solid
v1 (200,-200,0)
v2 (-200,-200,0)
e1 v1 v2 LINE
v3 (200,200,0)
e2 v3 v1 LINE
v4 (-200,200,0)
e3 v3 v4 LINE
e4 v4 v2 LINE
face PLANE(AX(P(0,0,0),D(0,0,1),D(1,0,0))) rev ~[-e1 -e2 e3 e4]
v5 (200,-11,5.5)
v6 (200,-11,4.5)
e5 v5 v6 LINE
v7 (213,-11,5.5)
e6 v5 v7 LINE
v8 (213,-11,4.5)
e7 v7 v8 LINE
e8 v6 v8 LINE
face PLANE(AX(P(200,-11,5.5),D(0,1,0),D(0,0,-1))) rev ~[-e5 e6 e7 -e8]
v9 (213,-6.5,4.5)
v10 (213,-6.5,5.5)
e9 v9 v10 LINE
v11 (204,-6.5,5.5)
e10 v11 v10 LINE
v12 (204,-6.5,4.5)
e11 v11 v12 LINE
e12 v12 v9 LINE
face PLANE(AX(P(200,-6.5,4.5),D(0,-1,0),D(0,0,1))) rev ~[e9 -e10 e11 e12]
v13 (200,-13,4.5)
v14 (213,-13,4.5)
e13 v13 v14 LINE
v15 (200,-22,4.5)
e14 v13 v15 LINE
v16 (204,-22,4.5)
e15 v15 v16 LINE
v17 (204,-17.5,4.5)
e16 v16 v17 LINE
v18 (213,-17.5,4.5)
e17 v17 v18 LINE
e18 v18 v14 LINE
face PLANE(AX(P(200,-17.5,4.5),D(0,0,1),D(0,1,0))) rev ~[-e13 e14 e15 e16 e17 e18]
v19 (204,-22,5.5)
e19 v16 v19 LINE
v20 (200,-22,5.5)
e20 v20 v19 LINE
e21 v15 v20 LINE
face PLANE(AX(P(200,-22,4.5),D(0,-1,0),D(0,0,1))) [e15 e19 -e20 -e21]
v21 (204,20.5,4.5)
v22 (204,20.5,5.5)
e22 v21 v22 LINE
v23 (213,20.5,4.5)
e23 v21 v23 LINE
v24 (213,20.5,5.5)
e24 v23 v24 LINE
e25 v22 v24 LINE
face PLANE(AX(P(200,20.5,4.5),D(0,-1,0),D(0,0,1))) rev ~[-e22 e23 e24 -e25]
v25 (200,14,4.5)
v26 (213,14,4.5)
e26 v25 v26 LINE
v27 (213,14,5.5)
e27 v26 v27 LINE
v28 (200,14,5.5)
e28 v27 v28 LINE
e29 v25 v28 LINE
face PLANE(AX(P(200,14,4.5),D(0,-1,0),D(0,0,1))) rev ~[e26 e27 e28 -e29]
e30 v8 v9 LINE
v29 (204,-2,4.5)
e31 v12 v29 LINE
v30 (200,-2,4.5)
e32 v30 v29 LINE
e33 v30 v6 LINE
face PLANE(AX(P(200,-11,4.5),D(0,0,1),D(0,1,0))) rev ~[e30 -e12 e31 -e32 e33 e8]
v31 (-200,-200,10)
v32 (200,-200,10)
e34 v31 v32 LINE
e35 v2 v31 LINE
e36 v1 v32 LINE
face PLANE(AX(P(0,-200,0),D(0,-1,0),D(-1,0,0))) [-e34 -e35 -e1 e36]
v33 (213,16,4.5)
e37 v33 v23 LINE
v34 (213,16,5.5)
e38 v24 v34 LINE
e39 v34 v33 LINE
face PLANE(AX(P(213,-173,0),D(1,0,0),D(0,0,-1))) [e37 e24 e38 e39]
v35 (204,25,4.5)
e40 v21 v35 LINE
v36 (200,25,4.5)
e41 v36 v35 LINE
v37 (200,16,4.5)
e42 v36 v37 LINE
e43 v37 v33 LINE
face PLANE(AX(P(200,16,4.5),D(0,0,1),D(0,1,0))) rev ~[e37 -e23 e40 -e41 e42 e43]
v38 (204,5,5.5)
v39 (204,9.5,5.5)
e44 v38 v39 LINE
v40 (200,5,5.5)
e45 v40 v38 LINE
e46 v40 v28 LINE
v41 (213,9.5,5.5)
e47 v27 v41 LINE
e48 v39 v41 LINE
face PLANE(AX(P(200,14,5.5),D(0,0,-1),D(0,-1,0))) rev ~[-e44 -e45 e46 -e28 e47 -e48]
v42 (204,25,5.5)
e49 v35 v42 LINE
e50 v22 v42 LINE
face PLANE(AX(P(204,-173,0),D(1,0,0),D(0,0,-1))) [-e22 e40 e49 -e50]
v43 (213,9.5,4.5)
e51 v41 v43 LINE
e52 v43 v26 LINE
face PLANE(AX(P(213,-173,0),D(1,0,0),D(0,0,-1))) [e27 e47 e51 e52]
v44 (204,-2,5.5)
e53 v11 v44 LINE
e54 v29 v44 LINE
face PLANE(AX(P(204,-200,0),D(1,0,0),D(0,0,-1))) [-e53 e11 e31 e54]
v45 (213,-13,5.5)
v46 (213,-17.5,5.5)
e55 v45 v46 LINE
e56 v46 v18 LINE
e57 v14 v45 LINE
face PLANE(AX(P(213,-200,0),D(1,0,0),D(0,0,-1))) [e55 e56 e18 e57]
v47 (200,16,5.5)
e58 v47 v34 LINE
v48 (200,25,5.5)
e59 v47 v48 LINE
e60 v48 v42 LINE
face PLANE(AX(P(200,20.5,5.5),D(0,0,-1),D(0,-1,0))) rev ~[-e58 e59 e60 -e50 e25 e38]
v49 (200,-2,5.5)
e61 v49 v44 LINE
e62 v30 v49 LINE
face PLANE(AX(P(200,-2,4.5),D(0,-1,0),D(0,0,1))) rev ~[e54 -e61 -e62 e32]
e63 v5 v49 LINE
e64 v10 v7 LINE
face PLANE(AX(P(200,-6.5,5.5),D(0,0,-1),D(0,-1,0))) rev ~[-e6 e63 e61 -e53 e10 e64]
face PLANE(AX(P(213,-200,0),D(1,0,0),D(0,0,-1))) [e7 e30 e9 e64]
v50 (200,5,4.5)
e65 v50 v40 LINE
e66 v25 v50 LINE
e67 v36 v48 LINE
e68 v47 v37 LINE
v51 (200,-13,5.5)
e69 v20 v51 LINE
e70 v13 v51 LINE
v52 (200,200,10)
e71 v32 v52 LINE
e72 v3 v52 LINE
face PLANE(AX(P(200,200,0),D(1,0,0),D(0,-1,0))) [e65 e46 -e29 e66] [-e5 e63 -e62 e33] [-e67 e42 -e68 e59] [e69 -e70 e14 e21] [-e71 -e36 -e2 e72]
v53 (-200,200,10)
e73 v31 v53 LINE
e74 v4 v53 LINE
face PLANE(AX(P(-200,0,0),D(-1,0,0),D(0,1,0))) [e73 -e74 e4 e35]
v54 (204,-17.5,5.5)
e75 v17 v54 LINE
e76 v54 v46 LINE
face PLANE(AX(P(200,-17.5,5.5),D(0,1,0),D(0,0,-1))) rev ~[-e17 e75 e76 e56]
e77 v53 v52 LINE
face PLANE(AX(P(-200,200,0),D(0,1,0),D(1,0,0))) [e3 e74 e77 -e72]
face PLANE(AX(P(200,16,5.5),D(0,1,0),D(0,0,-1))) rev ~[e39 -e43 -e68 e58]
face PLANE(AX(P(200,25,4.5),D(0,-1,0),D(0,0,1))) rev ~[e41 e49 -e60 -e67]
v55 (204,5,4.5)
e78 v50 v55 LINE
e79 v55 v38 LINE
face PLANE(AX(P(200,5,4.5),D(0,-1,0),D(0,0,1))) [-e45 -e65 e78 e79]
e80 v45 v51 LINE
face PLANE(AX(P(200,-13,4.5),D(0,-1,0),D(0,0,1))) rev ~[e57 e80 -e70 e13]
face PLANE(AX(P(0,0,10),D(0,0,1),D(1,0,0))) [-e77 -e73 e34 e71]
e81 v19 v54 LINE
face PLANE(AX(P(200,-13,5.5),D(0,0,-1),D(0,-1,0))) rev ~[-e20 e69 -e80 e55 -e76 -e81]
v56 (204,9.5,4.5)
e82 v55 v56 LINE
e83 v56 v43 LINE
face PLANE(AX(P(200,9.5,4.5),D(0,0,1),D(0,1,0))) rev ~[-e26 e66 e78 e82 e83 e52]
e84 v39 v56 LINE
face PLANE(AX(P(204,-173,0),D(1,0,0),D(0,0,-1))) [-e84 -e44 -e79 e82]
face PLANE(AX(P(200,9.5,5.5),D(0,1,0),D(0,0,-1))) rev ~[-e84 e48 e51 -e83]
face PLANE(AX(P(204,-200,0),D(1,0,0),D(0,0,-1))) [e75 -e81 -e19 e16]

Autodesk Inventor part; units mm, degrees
ref_plane "YZ Plane" through (0, 0, 0) normal (1, 0, 0) x (0, 1, 0)
ref_plane "XZ Plane" through (0, 0, 0) normal (0, 1, 0) x (-1, 0, 0)
ref_plane "XY Plane" through (0, 0, 0) normal (0, 0, 1) x (1, 0, 0)
sketch "Skizze1" plane through (0, 0, 0) normal (0, 0, 1) x (1, 0, 0)
  line L0 (-200, 200) -> (200, 200)
  line L1 (200, 200) -> (200, -200)
  line L2 (200, -200) -> (-200, -200)
  line L3 (-200, -200) -> (-200, 200)
  line L4 (-280, 0) -> (280, 0) projected
  line L5 (0, -280) -> (0, 280) projected
  point P0 (0, 0)
  dimension "d0" = 400
  dimension "d1" = 400
extrude "Extrusion1" add sketch "Skizze1" along normal blind 10
sketch "Skizze2" plane through (200, -200, 0) normal (1, 0, 0) x (0, 0, -1)
  line L0 (0, 400) -> (0, 0) projected
  line L1 (0, 400) -> (-10, 400) projected
  line L2 (-10, 0) -> (-10, 400) projected
  line L3 (0, 0) -> (-10, 0) projected
  line L4 (-5.5, 182.5) -> (-4.5, 182.5)
  line L5 (-4.5, 182.5) -> (-4.5, 193.5)
  line L6 (-4.5, 193.5) -> (-5.5, 193.5)
  line L7 (-5.5, 193.5) -> (-5.5, 182.5)
  line L8 (-5.5, 182.5) -> (-4.5, 182.5)
  line L9 (-4.5, 182.5) -> (-4.5, 187)
  line L10 (-4.5, 187) -> (-5.5, 187)
  line L11 (-5.5, 187) -> (-5.5, 182.5)
  line L12 (-5.5, 189) -> (-4.5, 189)
  line L13 (-4.5, 189) -> (-4.5, 193.5)
  line L14 (-4.5, 193.5) -> (-5.5, 193.5)
  line L15 (-5.5, 193.5) -> (-5.5, 189)
  line L16 (-5.5, 182.5) -> (-4.5, 182.5)
  line L17 (-4.5, 182.5) -> (-4.5, 178)
  line L18 (-4.5, 178) -> (-5.5, 178)
  line L19 (-5.5, 178) -> (-5.5, 182.5)
  line L20 (-5.5, 193.5) -> (-4.5, 193.5)
  line L21 (-4.5, 193.5) -> (-4.5, 198)
  line L22 (-4.5, 198) -> (-5.5, 198)
  line L23 (-5.5, 198) -> (-5.5, 193.5)
  line L24 (-6.1285, 188) -> (-3.7092, 188)
  line L25 (-10, 0) -> (-10, 400) projected
  line L26 (0, 400) -> (0, 0) projected
  point P0 (0, 200)
  dimension "d4" = 20
  dimension "d5" = 1
  dimension "d6" = 11
  dimension "d7" = 2
  dimension "d8" = 4.5
  dimension "d10" = 178
extrude "Extrusion2" add sketch "Skizze2" along normal blind 4 contours L7 L10 L5 L4 | L4 L17 L18 L19 | L7 L6 L5 L12 | L23 L22 L21 L6
extrude "Extrusion4" add sketch "Skizze2" along normal blind 13 contours L7 L10 L5 L4 | L7 L6 L5 L12
pattern_linear "Rechteckige Anordnung1" count 2 spacing 27 along (0, 1, 0) of "Extrusion4", "Extrusion2"
properties part number "PV_Modul_CPY_3_CPY2" material "Glas"
